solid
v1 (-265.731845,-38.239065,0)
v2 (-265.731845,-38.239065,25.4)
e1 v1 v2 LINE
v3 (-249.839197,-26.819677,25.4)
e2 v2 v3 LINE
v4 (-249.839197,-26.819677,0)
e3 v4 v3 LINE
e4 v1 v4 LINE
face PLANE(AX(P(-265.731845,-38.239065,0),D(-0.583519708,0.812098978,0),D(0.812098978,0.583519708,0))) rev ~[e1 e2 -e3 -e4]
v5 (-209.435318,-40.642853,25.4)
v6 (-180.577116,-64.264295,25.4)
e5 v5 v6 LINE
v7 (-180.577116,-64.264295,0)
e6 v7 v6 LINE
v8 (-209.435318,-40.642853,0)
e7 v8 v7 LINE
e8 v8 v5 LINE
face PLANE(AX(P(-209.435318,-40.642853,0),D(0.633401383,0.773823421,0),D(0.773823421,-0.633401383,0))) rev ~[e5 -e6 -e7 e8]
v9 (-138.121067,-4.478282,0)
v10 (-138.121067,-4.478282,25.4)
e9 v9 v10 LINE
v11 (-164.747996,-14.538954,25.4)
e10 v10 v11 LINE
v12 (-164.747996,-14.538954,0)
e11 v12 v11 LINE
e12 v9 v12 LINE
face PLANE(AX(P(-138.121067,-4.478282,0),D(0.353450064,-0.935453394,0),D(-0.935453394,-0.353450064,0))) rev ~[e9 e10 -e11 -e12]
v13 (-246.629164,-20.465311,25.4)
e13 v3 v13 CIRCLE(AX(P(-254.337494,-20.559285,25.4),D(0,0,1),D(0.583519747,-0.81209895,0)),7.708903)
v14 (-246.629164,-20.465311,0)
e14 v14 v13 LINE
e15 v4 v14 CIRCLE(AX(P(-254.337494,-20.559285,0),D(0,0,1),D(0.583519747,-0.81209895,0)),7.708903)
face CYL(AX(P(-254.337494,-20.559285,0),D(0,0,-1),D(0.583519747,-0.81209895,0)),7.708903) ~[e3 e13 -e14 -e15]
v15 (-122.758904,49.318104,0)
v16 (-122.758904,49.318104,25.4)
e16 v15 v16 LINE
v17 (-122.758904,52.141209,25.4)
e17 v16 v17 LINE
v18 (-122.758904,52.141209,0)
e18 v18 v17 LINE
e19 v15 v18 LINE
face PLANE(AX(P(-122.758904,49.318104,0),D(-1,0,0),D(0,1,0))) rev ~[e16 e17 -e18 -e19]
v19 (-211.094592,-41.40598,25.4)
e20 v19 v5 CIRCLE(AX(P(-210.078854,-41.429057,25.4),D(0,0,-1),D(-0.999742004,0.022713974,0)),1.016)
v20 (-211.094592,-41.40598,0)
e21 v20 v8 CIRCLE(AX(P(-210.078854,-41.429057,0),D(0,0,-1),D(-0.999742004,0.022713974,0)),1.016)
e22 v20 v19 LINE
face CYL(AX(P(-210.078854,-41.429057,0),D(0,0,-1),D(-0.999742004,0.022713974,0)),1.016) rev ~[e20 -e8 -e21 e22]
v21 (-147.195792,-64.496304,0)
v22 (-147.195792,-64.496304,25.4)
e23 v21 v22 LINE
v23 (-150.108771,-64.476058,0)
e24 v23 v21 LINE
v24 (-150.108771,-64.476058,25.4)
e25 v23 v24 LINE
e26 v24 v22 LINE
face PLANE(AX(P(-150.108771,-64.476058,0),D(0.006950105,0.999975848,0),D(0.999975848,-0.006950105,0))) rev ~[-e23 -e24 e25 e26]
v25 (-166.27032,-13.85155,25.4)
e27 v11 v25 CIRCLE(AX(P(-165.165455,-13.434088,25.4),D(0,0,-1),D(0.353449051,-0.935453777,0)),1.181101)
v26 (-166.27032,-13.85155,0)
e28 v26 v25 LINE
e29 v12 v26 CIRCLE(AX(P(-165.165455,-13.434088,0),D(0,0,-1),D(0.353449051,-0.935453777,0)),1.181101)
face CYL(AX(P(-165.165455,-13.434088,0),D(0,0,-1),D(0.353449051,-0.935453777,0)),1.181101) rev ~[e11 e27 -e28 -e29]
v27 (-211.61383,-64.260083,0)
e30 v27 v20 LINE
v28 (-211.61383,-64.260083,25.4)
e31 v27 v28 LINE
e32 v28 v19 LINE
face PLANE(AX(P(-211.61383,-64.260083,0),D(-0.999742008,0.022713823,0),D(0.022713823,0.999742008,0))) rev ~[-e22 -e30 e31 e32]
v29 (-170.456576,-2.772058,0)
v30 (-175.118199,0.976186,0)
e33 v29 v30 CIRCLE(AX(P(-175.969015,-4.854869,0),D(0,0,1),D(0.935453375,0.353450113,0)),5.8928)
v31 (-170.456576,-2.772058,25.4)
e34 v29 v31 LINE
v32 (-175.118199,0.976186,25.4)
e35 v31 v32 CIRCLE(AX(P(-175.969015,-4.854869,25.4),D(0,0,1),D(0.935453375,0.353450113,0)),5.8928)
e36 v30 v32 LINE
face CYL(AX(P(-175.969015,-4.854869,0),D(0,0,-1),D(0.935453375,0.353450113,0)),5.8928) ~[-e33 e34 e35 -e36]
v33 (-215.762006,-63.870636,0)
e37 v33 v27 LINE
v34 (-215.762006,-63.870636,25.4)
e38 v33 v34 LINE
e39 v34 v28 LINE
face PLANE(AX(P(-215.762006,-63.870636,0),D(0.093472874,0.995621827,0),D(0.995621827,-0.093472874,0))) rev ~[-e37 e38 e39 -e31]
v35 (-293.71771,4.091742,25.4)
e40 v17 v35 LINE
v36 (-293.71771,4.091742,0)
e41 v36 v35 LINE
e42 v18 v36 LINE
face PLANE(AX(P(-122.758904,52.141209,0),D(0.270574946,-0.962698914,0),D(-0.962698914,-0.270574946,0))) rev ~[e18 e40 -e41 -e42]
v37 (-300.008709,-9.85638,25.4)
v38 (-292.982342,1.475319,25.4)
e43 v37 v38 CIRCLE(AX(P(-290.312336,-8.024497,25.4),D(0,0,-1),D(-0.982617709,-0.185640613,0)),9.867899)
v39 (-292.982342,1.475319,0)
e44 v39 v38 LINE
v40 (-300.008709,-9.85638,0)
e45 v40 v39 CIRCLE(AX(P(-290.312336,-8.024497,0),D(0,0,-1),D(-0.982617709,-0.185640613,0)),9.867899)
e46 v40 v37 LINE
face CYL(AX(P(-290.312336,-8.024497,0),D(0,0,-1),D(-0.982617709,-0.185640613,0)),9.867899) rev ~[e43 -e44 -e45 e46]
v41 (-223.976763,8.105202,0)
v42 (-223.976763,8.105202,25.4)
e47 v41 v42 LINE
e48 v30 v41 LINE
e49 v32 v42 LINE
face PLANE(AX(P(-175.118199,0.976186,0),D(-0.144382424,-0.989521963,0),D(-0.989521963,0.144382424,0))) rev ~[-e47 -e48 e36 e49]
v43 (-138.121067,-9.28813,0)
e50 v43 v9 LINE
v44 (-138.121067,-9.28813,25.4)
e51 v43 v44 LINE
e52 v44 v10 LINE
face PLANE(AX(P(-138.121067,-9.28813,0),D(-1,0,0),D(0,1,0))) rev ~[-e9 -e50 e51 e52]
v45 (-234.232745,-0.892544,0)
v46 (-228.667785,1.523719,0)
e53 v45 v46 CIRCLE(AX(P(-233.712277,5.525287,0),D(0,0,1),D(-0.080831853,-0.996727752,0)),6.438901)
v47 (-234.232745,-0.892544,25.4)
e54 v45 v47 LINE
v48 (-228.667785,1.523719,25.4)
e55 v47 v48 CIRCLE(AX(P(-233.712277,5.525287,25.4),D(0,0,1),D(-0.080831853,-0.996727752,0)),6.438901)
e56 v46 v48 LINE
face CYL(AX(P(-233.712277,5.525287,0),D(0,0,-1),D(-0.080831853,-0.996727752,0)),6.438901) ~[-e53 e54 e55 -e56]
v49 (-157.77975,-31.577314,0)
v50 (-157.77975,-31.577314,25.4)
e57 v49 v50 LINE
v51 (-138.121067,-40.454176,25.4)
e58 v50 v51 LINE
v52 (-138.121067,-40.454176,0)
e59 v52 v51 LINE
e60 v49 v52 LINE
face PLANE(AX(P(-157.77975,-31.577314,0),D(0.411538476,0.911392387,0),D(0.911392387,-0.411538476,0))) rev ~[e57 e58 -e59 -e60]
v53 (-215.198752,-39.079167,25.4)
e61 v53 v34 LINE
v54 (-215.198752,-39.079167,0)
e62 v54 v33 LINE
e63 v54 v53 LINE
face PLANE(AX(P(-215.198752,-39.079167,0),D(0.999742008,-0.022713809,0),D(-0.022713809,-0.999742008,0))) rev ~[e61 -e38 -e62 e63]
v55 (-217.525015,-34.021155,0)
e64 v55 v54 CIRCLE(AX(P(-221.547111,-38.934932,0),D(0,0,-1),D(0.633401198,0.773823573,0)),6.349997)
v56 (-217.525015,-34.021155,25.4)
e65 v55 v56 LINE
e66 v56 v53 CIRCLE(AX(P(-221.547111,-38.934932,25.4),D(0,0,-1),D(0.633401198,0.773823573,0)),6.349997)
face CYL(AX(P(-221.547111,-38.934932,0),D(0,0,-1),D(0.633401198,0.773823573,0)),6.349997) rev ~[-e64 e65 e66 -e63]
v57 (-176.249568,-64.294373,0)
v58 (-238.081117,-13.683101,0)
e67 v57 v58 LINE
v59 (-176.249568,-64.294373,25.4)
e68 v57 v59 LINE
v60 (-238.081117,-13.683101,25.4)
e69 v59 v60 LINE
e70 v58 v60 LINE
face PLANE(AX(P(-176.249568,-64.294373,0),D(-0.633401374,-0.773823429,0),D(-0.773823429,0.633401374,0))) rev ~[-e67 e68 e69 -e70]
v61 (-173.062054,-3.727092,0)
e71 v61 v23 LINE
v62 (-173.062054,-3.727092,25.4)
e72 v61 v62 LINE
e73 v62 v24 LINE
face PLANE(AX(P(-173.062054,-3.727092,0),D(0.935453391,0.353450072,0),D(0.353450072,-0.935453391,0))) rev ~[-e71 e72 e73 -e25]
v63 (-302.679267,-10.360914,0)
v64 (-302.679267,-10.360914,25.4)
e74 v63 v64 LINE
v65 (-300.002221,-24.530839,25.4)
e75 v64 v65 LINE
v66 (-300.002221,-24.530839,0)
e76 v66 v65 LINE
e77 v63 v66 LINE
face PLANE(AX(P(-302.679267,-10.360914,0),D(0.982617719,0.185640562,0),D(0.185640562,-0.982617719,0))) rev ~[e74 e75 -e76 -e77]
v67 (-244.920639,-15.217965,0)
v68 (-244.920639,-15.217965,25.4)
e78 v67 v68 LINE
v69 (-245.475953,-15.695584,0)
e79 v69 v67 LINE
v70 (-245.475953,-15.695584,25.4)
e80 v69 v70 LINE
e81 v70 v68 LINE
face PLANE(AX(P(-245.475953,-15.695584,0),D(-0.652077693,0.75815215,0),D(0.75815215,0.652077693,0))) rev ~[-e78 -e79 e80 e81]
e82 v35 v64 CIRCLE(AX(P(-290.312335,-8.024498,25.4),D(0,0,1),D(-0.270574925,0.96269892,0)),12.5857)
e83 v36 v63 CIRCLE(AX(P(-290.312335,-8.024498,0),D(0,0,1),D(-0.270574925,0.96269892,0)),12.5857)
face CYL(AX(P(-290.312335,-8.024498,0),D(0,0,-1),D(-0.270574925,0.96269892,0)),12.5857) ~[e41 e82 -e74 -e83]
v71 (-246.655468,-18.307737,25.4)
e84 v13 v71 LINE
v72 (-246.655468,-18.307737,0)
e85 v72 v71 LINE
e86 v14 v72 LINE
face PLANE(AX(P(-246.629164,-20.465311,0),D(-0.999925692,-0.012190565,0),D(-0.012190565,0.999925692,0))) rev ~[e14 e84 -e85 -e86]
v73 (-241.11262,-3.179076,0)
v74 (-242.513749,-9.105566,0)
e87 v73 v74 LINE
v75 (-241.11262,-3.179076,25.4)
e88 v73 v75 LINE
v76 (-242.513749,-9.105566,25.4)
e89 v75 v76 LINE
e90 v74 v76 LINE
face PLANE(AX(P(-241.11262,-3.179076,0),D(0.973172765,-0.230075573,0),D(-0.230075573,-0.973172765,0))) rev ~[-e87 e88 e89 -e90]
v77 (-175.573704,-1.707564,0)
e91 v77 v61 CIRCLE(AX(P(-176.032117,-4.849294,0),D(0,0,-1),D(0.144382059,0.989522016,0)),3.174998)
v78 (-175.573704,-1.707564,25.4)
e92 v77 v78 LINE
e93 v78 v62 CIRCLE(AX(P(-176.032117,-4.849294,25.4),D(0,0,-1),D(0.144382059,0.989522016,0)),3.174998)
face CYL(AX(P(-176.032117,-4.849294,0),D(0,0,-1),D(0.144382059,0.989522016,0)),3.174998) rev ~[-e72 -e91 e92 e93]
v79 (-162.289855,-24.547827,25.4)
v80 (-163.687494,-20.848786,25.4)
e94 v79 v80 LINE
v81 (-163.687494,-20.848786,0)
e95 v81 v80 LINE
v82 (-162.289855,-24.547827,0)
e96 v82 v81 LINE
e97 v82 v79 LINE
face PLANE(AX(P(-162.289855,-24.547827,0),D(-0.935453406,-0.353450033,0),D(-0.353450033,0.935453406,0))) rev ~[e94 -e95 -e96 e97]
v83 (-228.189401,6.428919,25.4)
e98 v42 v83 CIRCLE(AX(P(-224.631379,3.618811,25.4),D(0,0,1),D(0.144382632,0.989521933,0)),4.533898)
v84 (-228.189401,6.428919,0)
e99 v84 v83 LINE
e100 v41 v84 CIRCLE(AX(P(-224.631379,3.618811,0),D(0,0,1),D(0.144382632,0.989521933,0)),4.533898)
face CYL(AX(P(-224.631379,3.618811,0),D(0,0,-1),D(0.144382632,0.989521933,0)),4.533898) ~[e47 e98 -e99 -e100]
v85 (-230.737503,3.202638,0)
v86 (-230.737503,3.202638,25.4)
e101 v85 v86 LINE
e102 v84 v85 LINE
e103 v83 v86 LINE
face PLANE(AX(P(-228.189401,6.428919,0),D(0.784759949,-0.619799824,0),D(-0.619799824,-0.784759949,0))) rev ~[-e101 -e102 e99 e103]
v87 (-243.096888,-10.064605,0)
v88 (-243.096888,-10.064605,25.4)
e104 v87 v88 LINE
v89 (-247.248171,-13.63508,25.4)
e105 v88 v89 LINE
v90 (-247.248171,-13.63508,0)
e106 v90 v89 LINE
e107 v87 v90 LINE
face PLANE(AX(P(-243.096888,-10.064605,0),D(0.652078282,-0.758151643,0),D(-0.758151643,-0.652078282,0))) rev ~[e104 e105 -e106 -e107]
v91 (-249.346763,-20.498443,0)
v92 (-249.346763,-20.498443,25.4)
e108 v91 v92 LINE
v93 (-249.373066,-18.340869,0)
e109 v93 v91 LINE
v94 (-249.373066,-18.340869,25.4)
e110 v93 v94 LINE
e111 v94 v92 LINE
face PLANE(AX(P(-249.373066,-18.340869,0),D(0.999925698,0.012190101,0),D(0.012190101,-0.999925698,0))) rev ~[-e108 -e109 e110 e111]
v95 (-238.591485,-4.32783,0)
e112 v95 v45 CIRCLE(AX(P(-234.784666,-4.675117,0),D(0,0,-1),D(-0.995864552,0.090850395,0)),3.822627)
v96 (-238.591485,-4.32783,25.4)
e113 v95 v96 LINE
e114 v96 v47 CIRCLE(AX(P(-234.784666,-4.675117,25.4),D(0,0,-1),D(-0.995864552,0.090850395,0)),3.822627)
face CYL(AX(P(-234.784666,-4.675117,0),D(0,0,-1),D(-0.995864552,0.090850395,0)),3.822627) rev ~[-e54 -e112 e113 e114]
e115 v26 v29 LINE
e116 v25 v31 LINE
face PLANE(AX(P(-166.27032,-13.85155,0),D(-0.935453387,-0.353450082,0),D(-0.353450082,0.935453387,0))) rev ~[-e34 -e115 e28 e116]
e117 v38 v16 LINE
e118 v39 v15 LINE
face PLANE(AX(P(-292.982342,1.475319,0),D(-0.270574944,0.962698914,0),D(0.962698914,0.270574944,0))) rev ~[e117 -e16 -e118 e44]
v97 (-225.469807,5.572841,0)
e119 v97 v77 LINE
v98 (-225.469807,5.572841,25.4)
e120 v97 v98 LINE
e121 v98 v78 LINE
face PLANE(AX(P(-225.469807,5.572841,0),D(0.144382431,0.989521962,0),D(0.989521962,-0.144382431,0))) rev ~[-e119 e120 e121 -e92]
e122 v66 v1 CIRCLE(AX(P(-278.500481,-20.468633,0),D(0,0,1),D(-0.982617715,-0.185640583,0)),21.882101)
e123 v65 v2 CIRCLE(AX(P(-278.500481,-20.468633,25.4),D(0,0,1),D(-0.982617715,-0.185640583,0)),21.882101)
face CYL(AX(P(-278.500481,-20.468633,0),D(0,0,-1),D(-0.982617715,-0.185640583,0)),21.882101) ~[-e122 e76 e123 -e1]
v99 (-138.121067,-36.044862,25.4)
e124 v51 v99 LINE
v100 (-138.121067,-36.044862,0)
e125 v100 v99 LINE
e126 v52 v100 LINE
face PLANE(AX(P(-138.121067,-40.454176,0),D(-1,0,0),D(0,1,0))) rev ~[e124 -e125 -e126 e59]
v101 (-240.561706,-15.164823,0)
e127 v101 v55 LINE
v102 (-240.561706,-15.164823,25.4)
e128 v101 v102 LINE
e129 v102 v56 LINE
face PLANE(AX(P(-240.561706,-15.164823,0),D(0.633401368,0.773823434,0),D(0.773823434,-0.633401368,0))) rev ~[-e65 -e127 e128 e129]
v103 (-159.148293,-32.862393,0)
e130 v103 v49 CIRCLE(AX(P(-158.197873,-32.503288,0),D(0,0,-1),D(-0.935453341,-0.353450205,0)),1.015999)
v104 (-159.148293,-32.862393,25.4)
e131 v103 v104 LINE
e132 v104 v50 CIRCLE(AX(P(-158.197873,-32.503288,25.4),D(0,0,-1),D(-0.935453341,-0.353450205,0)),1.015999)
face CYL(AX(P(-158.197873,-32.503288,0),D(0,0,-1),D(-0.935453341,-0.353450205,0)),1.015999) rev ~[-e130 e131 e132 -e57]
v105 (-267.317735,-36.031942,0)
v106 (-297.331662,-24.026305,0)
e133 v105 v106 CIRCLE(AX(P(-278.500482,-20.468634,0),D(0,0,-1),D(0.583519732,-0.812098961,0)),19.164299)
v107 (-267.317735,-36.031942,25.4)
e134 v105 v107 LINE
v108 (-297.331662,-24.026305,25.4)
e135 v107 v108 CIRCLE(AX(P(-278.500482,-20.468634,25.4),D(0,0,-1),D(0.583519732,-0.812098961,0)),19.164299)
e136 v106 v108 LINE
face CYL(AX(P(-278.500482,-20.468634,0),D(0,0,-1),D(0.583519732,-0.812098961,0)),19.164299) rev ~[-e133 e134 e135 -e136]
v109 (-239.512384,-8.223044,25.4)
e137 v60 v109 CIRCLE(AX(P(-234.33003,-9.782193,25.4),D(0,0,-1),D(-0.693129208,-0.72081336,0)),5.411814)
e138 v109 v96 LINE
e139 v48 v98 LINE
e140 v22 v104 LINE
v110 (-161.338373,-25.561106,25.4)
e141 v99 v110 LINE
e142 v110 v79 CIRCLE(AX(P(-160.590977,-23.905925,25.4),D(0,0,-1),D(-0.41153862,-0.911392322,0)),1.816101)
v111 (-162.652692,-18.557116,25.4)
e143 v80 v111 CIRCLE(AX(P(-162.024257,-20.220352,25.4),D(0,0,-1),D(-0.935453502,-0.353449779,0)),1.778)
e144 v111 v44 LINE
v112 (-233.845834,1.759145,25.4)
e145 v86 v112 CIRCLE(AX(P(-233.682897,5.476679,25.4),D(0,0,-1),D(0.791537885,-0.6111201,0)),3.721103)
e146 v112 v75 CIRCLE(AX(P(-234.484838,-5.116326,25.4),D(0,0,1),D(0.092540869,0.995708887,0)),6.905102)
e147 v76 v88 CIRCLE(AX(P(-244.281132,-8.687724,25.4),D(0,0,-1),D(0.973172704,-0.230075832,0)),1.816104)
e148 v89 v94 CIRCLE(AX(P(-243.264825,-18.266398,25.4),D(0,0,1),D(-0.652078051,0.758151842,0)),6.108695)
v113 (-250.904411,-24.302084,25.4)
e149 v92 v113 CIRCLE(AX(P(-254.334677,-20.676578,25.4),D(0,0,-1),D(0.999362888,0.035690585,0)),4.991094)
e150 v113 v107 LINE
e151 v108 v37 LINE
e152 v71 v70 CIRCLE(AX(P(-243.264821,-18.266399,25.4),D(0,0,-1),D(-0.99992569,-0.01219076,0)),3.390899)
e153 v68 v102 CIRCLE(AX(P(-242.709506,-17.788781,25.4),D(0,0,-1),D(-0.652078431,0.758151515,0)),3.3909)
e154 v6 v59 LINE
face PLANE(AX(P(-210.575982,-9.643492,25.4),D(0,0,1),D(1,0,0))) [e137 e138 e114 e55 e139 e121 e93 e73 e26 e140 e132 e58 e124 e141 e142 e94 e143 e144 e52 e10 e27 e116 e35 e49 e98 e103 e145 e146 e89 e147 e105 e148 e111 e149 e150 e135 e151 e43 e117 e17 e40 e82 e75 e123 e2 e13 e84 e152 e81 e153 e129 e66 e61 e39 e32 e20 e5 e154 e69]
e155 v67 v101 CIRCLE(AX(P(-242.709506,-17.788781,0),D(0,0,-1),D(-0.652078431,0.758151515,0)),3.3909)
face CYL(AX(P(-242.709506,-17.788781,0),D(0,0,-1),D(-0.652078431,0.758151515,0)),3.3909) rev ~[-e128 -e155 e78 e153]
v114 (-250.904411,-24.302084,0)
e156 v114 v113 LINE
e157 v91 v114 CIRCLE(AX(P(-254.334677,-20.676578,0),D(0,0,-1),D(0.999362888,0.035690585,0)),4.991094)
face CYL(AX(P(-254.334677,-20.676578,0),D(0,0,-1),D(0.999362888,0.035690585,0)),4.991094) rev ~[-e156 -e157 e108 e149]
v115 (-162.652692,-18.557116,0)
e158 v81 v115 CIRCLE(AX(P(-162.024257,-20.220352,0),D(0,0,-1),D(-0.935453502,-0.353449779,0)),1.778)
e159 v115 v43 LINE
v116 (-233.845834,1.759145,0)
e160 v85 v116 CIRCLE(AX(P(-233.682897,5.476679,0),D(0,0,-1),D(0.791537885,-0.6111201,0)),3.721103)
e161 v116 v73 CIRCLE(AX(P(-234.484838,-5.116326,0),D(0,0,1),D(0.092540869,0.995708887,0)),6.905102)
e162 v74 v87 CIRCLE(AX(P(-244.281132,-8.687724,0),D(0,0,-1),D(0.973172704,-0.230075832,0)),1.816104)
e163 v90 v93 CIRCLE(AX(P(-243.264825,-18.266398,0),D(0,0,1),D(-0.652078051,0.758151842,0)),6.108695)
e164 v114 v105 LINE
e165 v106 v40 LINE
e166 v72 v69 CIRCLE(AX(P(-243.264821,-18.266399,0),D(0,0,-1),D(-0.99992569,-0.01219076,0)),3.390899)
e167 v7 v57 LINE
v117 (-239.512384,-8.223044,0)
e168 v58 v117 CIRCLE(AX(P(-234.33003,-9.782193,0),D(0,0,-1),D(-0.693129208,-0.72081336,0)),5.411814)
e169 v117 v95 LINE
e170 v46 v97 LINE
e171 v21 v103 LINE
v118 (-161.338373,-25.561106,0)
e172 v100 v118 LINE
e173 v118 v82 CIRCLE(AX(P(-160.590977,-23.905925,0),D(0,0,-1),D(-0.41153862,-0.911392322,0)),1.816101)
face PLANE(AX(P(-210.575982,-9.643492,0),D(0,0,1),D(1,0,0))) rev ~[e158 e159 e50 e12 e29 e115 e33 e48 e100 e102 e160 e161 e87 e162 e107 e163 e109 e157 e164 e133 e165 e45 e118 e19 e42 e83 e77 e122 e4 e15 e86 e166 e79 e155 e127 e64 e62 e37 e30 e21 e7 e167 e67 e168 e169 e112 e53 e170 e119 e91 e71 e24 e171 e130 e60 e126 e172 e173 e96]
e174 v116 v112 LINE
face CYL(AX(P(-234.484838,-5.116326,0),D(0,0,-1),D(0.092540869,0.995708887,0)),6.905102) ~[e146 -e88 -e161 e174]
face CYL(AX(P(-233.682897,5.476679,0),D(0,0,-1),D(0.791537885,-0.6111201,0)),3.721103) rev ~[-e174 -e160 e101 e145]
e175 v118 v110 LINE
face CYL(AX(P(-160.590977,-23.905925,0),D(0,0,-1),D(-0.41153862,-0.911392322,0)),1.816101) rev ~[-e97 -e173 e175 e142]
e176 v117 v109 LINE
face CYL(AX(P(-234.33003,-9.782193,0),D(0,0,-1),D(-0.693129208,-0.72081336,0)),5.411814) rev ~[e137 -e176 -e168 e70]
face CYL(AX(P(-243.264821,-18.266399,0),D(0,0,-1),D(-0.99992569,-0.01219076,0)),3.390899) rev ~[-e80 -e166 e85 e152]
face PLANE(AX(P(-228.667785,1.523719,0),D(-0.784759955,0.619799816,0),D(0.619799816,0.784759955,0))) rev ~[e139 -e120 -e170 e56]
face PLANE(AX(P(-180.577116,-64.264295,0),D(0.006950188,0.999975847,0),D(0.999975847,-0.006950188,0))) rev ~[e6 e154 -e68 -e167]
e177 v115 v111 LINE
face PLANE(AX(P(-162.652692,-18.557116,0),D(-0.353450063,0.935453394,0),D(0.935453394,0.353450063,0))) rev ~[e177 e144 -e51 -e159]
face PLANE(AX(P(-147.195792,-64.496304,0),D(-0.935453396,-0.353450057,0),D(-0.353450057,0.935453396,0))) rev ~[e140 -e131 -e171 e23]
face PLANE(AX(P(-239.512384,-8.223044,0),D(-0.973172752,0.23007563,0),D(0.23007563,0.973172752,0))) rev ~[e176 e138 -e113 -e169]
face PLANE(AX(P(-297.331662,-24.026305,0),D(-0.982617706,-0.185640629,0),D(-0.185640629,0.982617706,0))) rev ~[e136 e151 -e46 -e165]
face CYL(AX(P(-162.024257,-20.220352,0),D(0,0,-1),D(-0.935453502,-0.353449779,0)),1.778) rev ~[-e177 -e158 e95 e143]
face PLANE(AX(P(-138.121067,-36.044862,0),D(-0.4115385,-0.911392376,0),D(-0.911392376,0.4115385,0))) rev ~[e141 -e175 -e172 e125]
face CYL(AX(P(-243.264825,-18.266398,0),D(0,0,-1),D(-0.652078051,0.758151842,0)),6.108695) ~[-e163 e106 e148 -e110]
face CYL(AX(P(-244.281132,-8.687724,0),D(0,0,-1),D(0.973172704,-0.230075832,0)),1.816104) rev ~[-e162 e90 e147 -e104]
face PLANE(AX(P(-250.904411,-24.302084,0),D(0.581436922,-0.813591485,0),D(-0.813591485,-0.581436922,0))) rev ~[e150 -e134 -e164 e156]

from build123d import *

# Parameters (mm, degrees)
F1_DEPTH = 25.4


with BuildPart() as f1:
    # F0 (on Top) → F1 (new body)
    with BuildSketch(Plane.XY):
        with BuildLine():
            Line((-138.121067, -9.28813), (-138.121067, -4.478282))
            Line((-138.121067, -4.478282), (-164.747996, -14.538954))
            ThreePointArc((-164.747996, -14.538954), (-165.651524, -14.510535), (-166.27032, -13.85155))
            Line((-166.27032, -13.85155), (-170.456576, -2.772058))
            ThreePointArc((-170.456576, -2.772058), (-172.276443, -0.262484), (-175.118199, 0.976186))
            Line((-175.118199, 0.976186), (-223.976763, 8.105202))
            ThreePointArc((-223.976763, 8.105202), (-226.307662, 7.831447), (-228.189401, 6.428919))
            Line((-228.189401, 6.428919), (-230.737503, 3.202638))
            ThreePointArc((-230.737503, 3.202638), (-232.115595, 2.101746), (-233.845834, 1.759145))
            ThreePointArc((-233.845834, 1.759145), (-238.36593, 0.594852), (-241.11262, -3.179076))
            Line((-241.11262, -3.179076), (-242.513749, -9.105566))
            ThreePointArc((-242.513749, -9.105566), (-242.72937, -9.631265), (-243.096888, -10.064605))
            Line((-243.096888, -10.064605), (-247.248171, -13.63508))
            ThreePointArc((-247.248171, -13.63508), (-248.832243, -15.752435), (-249.373066, -18.340869))
            Line((-249.373066, -18.340869), (-249.346763, -20.498443))
            ThreePointArc((-249.346763, -20.498443), (-249.715872, -22.568048), (-250.904411, -24.302084))
            Line((-250.904411, -24.302084), (-267.317735, -36.031942))
            ThreePointArc((-267.317735, -36.031942), (-285.617958, -38.262226), (-297.331662, -24.026305))
            Line((-297.331662, -24.026305), (-300.008709, -9.85638))
            ThreePointArc((-300.008709, -9.85638), (-298.698854, -2.824328), (-292.982342, 1.475319))
            Line((-292.982342, 1.475319), (-122.758904, 49.318104))
            Line((-122.758904, 49.318104), (-122.758904, 52.141209))
            Line((-122.758904, 52.141209), (-293.71771, 4.091742))
            ThreePointArc((-293.71771, 4.091742), (-301.008654, -1.392107), (-302.679267, -10.360914))
            Line((-302.679267, -10.360914), (-300.002221, -24.530839))
            ThreePointArc((-300.002221, -24.530839), (-286.627328, -40.785638), (-265.731845, -38.239065))
            Line((-265.731845, -38.239065), (-249.839197, -26.819677))
            ThreePointArc((-249.839197, -26.819677), (-247.456729, -24.035239), (-246.629164, -20.465311))
            Line((-246.629164, -20.465311), (-246.655468, -18.307737))
            ThreePointArc((-246.655468, -18.307737), (-246.355261, -16.870915), (-245.475953, -15.695584))
            Line((-245.475953, -15.695584), (-244.920639, -15.217965))
            ThreePointArc((-244.920639, -15.217965), (-242.750843, -14.398133), (-240.561706, -15.164823))
            Line((-240.561706, -15.164823), (-217.525015, -34.021155))
            ThreePointArc((-217.525015, -34.021155), (-215.778016, -36.281631), (-215.198752, -39.079167))
            Line((-215.198752, -39.079167), (-215.762006, -63.870636))
            Line((-215.762006, -63.870636), (-211.61383, -64.260083))
            Line((-211.61383, -64.260083), (-211.094592, -41.40598))
            ThreePointArc((-211.094592, -41.40598), (-210.503383, -40.506002), (-209.435318, -40.642853))
            Line((-209.435318, -40.642853), (-180.577116, -64.264295))
            Line((-180.577116, -64.264295), (-176.249568, -64.294373))
            Line((-176.249568, -64.294373), (-238.081117, -13.683101))
            ThreePointArc((-238.081117, -13.683101), (-239.564975, -11.15445), (-239.512384, -8.223044))
            Line((-239.512384, -8.223044), (-238.591485, -4.32783))
            ThreePointArc((-238.591485, -4.32783), (-237.150863, -1.672853), (-234.232745, -0.892544))
            ThreePointArc((-234.232745, -0.892544), (-231.147851, -0.38091), (-228.667785, 1.523719))
            Line((-228.667785, 1.523719), (-225.469807, 5.572841))
            Line((-225.469807, 5.572841), (-175.573704, -1.707564))
            ThreePointArc((-175.573704, -1.707564), (-174.042585, -2.374951), (-173.062054, -3.727092))
            Line((-173.062054, -3.727092), (-150.108771, -64.476058))
            Line((-150.108771, -64.476058), (-147.195792, -64.496304))
            Line((-147.195792, -64.496304), (-159.148293, -32.862393))
            ThreePointArc((-159.148293, -32.862393), (-158.893353, -31.762638), (-157.77975, -31.577314))
            Line((-157.77975, -31.577314), (-138.121067, -40.454176))
            Line((-138.121067, -40.454176), (-138.121067, -36.044862))
            Line((-138.121067, -36.044862), (-161.338373, -25.561106))
            ThreePointArc((-161.338373, -25.561106), (-161.914891, -25.149097), (-162.289855, -24.547827))
            Line((-162.289855, -24.547827), (-163.687494, -20.848786))
            ThreePointArc((-163.687494, -20.848786), (-163.644713, -19.488636), (-162.652692, -18.557116))
            Line((-162.652692, -18.557116), (-138.121067, -9.28813))
        make_face()
    extrude(amount=F1_DEPTH)


solid = f1.part
